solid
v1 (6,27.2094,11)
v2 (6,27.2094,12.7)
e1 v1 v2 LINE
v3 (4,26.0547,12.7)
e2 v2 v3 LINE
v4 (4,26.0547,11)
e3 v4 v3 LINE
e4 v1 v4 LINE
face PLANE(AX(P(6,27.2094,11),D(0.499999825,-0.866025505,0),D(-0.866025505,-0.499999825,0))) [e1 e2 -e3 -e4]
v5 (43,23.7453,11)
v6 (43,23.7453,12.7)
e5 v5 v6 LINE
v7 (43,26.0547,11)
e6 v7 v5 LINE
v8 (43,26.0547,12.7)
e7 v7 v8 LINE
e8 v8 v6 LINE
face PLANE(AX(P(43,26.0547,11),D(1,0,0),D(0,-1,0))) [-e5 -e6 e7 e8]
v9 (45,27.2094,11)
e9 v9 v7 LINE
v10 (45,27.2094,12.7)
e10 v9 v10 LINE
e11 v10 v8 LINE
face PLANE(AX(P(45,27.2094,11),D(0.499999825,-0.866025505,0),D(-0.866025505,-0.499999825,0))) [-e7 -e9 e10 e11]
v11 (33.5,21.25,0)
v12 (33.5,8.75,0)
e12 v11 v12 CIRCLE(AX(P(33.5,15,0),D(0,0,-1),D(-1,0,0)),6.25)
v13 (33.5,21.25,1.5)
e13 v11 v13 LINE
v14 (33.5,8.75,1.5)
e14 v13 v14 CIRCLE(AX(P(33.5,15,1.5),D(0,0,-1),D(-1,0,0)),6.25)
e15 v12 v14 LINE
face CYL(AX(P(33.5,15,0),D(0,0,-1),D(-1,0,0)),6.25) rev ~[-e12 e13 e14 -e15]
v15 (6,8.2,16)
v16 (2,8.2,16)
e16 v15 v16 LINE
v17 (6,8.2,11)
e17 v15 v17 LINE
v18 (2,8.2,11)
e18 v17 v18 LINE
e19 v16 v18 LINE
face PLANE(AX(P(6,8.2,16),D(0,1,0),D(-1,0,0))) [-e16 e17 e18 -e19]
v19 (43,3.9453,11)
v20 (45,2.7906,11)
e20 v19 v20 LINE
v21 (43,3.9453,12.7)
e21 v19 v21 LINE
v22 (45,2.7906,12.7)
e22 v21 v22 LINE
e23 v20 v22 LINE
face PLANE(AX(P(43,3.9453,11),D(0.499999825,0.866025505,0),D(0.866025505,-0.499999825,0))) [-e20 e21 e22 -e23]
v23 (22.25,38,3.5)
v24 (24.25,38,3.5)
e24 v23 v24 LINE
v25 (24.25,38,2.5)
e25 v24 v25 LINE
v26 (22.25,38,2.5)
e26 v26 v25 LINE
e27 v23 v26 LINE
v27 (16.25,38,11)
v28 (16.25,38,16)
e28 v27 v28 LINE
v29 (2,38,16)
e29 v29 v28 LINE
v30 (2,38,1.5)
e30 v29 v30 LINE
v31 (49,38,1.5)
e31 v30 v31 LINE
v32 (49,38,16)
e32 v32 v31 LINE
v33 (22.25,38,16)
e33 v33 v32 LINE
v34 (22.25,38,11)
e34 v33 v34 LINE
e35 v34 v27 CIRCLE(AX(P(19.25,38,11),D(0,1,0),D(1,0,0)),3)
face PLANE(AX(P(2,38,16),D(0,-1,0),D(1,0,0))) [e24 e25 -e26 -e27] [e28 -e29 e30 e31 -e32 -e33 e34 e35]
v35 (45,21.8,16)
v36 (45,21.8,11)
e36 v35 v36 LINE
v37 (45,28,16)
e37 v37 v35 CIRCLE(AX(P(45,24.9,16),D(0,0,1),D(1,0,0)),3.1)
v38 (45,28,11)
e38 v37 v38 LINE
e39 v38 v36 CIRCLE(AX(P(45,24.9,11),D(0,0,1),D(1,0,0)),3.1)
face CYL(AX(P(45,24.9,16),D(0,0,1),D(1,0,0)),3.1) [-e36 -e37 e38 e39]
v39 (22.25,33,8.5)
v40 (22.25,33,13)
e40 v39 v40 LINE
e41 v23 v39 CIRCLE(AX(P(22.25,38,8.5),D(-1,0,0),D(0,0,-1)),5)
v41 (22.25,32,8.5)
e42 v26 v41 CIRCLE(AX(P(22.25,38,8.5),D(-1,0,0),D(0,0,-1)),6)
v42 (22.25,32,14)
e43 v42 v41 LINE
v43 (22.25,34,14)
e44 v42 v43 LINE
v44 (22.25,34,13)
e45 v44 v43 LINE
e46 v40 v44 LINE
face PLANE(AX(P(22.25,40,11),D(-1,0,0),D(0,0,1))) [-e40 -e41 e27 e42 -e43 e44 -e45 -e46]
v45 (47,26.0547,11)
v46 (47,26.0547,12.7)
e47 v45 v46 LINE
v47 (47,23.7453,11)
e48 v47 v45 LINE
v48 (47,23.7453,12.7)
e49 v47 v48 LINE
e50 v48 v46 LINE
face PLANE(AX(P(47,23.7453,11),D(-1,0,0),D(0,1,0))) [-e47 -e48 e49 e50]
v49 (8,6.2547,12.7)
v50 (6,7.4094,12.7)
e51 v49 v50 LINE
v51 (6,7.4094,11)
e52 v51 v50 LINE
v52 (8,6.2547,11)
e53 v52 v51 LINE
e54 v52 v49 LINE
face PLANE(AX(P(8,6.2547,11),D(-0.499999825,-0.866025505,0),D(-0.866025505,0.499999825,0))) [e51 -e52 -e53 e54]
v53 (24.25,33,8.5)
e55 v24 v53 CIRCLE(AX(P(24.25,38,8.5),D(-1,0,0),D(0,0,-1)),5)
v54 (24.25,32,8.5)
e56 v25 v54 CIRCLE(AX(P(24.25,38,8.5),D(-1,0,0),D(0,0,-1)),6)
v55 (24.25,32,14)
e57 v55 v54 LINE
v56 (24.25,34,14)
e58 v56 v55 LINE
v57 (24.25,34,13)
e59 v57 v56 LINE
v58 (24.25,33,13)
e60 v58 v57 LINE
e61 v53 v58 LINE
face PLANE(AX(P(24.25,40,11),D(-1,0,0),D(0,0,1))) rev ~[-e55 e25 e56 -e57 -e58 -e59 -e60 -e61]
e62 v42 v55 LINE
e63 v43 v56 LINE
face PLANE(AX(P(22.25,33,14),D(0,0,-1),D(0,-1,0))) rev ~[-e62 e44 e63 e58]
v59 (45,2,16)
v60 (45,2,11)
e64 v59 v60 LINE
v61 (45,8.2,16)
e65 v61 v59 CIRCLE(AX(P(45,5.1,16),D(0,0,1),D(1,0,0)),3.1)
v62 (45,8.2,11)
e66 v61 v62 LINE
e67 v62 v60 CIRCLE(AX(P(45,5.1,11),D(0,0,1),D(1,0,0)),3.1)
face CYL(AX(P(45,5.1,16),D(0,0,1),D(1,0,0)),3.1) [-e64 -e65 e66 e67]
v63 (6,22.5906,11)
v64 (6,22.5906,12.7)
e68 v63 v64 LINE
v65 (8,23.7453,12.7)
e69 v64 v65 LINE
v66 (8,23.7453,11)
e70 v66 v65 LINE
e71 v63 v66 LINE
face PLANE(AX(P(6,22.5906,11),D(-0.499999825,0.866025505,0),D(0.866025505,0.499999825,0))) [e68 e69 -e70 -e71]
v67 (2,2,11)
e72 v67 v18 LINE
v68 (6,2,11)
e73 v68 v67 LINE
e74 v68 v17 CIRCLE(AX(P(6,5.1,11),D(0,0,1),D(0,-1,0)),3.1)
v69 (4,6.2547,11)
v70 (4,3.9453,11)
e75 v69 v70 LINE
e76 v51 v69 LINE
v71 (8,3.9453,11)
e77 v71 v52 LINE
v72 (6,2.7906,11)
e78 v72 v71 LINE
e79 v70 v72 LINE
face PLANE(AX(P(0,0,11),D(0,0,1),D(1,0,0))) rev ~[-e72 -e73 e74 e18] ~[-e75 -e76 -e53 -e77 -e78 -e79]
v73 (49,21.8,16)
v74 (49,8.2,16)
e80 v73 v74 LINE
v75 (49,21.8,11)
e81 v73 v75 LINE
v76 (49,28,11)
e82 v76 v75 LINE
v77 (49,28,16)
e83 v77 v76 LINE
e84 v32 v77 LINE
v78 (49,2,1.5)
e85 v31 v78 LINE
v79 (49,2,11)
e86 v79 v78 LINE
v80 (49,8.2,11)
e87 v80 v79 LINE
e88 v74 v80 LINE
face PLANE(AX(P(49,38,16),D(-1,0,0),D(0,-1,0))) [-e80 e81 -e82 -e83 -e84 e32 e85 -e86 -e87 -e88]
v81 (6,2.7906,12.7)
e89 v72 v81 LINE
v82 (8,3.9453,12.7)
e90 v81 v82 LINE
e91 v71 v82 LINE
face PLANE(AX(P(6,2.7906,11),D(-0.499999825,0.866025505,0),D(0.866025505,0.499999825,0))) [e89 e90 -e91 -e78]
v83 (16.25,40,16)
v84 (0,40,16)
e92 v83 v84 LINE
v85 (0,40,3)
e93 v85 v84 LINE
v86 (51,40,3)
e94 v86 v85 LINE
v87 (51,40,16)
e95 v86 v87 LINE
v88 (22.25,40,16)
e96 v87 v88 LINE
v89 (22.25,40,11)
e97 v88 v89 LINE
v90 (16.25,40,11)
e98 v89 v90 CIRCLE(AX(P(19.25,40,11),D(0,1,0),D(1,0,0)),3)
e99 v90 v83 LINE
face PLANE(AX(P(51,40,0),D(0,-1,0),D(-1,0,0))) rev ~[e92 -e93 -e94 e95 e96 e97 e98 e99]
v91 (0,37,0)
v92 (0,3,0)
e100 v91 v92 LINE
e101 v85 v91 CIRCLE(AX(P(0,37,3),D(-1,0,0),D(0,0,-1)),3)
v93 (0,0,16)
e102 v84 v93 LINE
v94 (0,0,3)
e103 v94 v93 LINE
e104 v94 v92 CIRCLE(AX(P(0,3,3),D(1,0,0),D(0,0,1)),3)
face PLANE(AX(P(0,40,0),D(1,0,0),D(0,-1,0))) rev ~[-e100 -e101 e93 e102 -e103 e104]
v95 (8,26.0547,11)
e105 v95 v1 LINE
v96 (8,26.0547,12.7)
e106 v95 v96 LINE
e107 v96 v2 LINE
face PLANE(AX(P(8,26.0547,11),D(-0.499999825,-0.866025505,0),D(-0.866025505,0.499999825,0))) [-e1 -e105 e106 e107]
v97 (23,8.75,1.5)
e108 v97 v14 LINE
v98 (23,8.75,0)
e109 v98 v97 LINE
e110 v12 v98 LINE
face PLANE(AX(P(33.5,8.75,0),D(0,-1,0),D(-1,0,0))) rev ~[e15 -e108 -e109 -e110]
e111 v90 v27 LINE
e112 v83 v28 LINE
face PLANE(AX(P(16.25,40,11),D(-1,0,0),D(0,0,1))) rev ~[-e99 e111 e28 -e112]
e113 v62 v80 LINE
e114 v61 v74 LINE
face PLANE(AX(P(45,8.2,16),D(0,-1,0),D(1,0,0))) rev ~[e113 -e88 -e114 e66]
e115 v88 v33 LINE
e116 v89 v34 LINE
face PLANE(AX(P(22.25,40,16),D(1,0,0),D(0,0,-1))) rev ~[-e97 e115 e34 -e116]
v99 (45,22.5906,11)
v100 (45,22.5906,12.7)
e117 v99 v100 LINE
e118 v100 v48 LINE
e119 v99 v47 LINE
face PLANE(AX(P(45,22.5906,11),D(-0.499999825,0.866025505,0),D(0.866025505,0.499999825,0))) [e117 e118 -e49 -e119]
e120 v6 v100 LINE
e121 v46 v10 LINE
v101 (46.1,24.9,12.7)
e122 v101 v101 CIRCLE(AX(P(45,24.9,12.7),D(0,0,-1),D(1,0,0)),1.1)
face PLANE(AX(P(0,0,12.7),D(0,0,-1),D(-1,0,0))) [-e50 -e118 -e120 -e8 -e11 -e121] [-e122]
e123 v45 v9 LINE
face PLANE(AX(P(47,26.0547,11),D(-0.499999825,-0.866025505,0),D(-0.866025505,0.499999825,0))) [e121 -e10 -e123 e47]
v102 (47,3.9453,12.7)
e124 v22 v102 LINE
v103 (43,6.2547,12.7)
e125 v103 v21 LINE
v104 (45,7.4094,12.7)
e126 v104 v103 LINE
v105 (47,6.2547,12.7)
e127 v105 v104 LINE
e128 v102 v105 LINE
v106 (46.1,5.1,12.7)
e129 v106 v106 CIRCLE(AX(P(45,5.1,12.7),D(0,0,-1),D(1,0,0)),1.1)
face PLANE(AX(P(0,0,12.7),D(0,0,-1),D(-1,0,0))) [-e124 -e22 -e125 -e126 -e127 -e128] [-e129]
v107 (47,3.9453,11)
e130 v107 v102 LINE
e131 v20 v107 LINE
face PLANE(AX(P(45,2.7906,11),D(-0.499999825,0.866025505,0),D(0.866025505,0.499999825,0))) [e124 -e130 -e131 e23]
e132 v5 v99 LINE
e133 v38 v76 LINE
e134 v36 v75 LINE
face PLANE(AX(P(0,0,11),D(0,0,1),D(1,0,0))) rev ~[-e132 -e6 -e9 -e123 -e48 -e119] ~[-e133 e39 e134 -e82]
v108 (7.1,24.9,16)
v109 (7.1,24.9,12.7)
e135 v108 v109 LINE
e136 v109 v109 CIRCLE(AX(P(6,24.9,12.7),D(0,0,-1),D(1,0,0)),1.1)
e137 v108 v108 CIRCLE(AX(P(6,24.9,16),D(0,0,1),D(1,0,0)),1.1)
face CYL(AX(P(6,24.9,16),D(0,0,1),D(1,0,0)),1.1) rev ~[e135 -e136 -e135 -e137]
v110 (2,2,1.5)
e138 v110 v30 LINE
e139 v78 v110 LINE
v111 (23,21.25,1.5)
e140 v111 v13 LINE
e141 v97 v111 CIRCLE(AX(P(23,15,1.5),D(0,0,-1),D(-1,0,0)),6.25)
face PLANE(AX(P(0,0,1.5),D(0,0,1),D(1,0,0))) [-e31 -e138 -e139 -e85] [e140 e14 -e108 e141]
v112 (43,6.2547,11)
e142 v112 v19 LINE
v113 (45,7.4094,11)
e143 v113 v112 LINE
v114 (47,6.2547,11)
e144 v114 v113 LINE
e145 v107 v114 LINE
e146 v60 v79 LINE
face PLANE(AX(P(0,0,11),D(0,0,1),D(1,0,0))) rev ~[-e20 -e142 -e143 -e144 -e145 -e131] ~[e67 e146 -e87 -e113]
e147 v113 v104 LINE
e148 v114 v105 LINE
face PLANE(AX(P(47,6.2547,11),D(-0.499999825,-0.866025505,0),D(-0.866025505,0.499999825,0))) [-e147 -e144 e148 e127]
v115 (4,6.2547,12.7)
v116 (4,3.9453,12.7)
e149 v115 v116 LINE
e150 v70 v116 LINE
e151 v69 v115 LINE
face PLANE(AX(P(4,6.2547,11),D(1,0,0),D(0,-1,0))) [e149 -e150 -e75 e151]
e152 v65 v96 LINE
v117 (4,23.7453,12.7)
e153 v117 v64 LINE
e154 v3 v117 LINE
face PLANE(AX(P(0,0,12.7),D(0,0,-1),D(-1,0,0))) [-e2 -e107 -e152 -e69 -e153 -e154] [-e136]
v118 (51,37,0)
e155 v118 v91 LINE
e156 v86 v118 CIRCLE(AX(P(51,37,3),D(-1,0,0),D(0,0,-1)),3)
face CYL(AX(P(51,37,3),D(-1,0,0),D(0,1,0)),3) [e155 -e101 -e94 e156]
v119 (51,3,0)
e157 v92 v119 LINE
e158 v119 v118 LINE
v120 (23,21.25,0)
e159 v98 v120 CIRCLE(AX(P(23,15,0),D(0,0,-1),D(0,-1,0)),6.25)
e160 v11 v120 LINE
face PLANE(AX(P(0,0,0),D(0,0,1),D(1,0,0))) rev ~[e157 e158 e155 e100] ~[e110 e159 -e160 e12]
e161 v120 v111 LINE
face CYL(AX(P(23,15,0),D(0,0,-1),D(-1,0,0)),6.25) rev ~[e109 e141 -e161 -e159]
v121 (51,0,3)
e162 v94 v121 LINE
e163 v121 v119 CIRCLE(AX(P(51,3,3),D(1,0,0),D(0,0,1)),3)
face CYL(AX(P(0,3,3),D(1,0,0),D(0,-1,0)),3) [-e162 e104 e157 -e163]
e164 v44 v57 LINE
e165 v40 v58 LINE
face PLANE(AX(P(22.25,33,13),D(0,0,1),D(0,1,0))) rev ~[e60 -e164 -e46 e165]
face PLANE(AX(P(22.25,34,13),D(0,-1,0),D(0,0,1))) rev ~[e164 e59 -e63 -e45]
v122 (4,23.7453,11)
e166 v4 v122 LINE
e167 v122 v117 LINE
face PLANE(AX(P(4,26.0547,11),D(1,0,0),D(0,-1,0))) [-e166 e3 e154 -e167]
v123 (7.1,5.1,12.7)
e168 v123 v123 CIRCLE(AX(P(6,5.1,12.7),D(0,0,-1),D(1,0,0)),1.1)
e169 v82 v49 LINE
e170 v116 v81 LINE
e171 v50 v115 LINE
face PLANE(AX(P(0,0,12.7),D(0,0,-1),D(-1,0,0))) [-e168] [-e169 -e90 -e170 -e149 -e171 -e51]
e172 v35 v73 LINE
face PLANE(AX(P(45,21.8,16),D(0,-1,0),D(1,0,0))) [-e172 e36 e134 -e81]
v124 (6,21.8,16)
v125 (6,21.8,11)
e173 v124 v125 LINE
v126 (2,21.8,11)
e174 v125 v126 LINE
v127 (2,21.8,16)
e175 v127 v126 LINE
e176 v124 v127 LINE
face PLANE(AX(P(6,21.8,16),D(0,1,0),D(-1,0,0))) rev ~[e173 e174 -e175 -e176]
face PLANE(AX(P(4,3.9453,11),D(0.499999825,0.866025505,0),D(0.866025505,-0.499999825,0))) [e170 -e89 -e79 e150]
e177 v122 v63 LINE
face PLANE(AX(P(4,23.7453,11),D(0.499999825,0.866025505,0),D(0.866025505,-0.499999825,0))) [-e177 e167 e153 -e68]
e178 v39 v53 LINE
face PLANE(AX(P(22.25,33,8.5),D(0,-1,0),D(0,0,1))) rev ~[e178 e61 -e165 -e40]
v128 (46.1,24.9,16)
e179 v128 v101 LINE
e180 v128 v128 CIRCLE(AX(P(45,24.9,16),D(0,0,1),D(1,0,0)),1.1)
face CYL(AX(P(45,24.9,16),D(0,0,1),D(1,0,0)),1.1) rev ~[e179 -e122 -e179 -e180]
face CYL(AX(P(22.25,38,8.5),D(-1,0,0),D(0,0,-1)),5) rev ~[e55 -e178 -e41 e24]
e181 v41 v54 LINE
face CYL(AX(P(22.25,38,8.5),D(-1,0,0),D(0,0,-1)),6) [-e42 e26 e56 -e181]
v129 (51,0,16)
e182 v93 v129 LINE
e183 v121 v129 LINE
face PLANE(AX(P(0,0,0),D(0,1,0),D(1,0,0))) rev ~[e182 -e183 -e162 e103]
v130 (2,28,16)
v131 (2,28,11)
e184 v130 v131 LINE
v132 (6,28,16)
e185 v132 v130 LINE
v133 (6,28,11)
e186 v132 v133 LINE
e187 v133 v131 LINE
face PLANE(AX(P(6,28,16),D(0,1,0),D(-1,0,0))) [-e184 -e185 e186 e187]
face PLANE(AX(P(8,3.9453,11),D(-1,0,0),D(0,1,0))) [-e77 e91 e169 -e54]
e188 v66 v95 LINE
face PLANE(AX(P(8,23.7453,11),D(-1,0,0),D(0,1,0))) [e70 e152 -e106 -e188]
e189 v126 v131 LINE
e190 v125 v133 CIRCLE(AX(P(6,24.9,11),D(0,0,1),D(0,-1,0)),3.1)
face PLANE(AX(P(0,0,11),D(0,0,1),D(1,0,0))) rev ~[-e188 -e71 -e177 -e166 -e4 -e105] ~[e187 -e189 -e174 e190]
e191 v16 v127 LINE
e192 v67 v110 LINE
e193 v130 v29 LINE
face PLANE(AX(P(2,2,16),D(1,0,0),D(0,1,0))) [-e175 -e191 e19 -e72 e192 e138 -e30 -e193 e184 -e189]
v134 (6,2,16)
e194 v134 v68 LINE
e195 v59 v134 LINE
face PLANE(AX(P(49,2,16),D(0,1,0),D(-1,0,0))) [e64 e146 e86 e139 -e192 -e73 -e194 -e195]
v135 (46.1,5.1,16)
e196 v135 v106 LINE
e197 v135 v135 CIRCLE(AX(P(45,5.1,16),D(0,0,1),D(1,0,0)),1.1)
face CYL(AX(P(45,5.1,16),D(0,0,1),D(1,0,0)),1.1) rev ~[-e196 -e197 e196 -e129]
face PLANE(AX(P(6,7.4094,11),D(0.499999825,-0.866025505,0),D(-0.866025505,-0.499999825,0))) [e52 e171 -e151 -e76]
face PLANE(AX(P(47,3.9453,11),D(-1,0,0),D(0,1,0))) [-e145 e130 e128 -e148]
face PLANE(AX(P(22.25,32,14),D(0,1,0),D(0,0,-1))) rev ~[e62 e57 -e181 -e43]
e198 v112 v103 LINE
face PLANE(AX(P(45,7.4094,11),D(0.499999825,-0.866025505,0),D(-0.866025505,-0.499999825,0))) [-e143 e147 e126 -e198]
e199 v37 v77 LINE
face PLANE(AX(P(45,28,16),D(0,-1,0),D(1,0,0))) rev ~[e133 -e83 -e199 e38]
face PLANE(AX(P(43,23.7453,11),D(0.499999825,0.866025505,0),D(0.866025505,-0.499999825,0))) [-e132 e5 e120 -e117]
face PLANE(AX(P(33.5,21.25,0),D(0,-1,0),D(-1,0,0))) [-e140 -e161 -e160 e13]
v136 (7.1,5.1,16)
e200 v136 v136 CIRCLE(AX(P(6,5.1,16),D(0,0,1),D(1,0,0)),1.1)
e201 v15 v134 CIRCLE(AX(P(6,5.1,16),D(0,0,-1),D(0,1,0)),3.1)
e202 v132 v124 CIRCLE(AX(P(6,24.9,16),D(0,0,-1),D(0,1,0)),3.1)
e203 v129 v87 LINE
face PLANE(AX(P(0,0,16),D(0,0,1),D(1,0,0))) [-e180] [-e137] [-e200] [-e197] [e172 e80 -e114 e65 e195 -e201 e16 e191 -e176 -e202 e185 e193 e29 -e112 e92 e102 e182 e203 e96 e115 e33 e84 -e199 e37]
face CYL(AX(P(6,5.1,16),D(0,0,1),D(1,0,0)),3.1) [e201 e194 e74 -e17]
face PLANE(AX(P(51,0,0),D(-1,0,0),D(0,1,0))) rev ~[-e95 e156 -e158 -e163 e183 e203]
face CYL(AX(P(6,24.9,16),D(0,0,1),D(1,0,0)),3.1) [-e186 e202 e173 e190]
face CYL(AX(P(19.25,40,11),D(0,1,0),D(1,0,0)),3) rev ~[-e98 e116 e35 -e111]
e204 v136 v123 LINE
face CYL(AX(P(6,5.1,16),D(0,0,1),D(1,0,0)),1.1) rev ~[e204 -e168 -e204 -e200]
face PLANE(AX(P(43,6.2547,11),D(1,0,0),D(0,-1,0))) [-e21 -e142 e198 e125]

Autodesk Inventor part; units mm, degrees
sketch "Sketch1" plane through (0, 0, 0) normal (0, 0, 1) x (1, 0, 0)
  line L0 (0, 0) -> (51, 0)
  line L1 (51, 0) -> (51, 40)
  line L2 (51, 40) -> (0, 40)
  line L3 (0, 40) -> (0, 0)
  dimension "d0" = 40
  dimension "d1" = 51
extrude "Extrusion1" add sketch "Sketch1" along normal blind 16
sketch "Sketch2" plane through (0, 0, 16) normal (0, 0, 1) x (1, 0, 0)
  line L0 (2, 38) -> (49, 38)
  line L1 (49, 38) -> (49, 2)
  line L2 (49, 2) -> (2, 2)
  line L3 (2, 2) -> (2, 38)
  line L4 (51, 40) -> (0, 40) projected
  line L5 (0, 40) -> (0, 0) projected
  line L6 (51, 0) -> (51, 40) projected
  line L7 (0, 0) -> (51, 0) projected
  dimension "d4" = 2
  dimension "d5" = 2
  dimension "d6" = 2
  dimension "d7" = 2
extrude "Extrusion2" cut sketch "Sketch2" against normal blind 14.5 contours L0 L1 L2 L3
fillet "Fillet1" radius 3 2 edges at (25.5, 40, 0) (25.5, 0, 0)
sketch "Sketch3" plane through (0, 0, 0) normal (0, 0, -1) x (-1, 0, 0)
  line L0 (-51, 3) -> (-51, 37) projected
  line L1 (0, 37) -> (0, 3) projected
  line L2 (-51, 37) -> (0, 37) projected
  line L3 (0, 3) -> (-51, 3) projected
  circle A0 centre (-33.5, 15) radius 6.25
  circle A1 centre (-23, 15) radius 6.25
  line L4 (-33.5, 21.25) -> (-23, 21.25)
  line L5 (-33.5, 8.75) -> (-23, 8.75)
  line L6 (0, 40) -> (-51, 40) projected
  point P0 (0, 0)
  point P1 (-28.25, 21.25)
  dimension "d49" = 12.5
  dimension "d51" = 10.5
  dimension "d52" = 12.5
  dimension "d54" = 17.5
  dimension "d55" = 22.75
  dimension "d58" = 25
extrude "Extrusion3" cut sketch "Sketch3" against normal blind 14 contours A0 A1 | L4 A1 A0 | A0 A1 L5 | A1 A0 | A0 A1
sketch "Sketch4" plane through (0, 40, 16) normal (0, 1, 0) x (1, 0, 0)
  line L0 (35.25, 0) -> (21.25, 0)
  line L1 (21.25, 0) -> (21.25, 8)
  line L2 (21.25, 8) -> (35.25, 8)
  line L3 (35.25, 8) -> (35.25, 0)
  line L4 (51, 0) -> (0, 0) projected
  line L5 (0, 13) -> (0, 0) projected
  line L6 (51, 13) -> (51, 0) projected
  point P0 (0, 16)
  dimension "d18" = 14
  dimension "d19" = 8
  dimension "d20" = 21.25
  dimension "d21" = 15.75
ref_plane "Work Plane1" through (0, 0, 16) normal (0, 0, 1) x (1, 0, 0)
sketch "Sketch5" plane through (0, 0, 16) normal (0, 0, 1) x (1, 0, 0)
  circle A0 centre (6, 24.9) radius 3.1
  line L0 (49, 38) -> (49, 2) projected
  line L1 (6, 28) -> (2, 28)
  line L2 (6, 21.8) -> (2, 21.8)
  circle A1 centre (6, 24.9) radius 1.1
  line L3 (2, 2) -> (2, 38) projected
  line L4 (25.5, 34) -> (25.5, 3) construction
  line L5 (0, 3) -> (51, 3) construction
  line L6 (2, 2) -> (2, 38) construction
  line L7 (49, 38) -> (49, 2) construction
  circle A2 centre (6, 5.1) radius 3.1
  line L8 (6, 2) -> (2, 2)
  line L9 (6, 8.2) -> (2, 8.2)
  circle A3 centre (6, 5.1) radius 1.1
  line L10 (2, 38) -> (2, 2)
  line L11 (2, 38) -> (2, 2) construction
  circle A4 centre (45, 24.9) radius 3.1
  line L12 (45, 28) -> (49, 28)
  line L13 (45, 21.8) -> (49, 21.8)
  circle A5 centre (45, 24.9) radius 1.1
  line L14 (49, 2) -> (49, 38)
  line L15 (51, 3) -> (0, 3) construction
  line L16 (49, 2) -> (49, 38) construction
  line L17 (49, 38) -> (49, 2)
  line L18 (49, 38) -> (49, 2) construction
  line L19 (45, 8.2) -> (49, 8.2)
  circle A6 centre (45, 5.1) radius 3.1
  line L20 (45, 2) -> (49, 2)
  circle A7 centre (45, 5.1) radius 1.1
  line L21 (2, 38) -> (49, 38) projected
  line L22 (49, 2) -> (2, 2) projected
  point P0 (0, 0)
  point P1 (4, 28)
  point P2 (4, 2)
  point P3 (47, 28)
  point P4 (47, 2)
  point P5 (49, 8.2)
  point P6 (2, 2)
  point P7 (2, 8.2)
  point P8 (25.5, 38)
  dimension "d28" = 6.2
  dimension "d30" = 4
  dimension "d31" = 2.2
  dimension "d61" = 19.8
  dimension "d62" = 6.2
extrude "Extrusion5" add sketch "Sketch5" against normal blind 5 contours A0 | A0 L2 L3 L1 | L9 A2 L8 L3 | A2 | L0 L13 A4 L12 | A4 | A6 | A6 L19 L0 L20
sketch "Sketch6" plane through (0, 0, 11) normal (0, 0, -1) x (-1, 0, 0)
  circle A0 centre (-45, 24.9) radius 1.1 projected
  line L0 (-45, 22.5906) -> (-47, 23.7453)
  line L1 (-47, 23.7453) -> (-47, 26.0547)
  line L2 (-47, 26.0547) -> (-45, 27.2094)
  line L3 (-45, 27.2094) -> (-43, 26.0547)
  line L4 (-43, 26.0547) -> (-43, 23.7453)
  line L5 (-43, 23.7453) -> (-45, 22.5906)
  arc A1 (-6, 28) -> (-6, 21.8) centre (-6, 24.9) ccw projected
  line L6 (-6, 22.5906) -> (-8, 23.7453)
  line L7 (-8, 23.7453) -> (-8, 26.0547)
  line L8 (-8, 26.0547) -> (-6, 27.2094)
  line L9 (-6, 27.2094) -> (-4, 26.0547)
  line L10 (-4, 26.0547) -> (-4, 23.7453)
  line L11 (-4, 23.7453) -> (-6, 22.5906)
  circle A2 centre (-6, 5.1) radius 1.1 projected
  line L12 (-6, 2.7906) -> (-8, 3.9453)
  line L13 (-8, 3.9453) -> (-8, 6.2547)
  line L14 (-8, 6.2547) -> (-6, 7.4094)
  line L15 (-6, 7.4094) -> (-4, 6.2547)
  line L16 (-4, 6.2547) -> (-4, 3.9453)
  line L17 (-4, 3.9453) -> (-6, 2.7906)
  arc A3 (-45, 2) -> (-45, 8.2) centre (-45, 5.1) ccw projected
  line L18 (-45, 2.7906) -> (-47, 3.9453)
  line L19 (-47, 3.9453) -> (-47, 6.2547)
  line L20 (-47, 6.2547) -> (-45, 7.4094)
  line L21 (-45, 7.4094) -> (-43, 6.2547)
  line L22 (-43, 6.2547) -> (-43, 3.9453)
  line L23 (-43, 3.9453) -> (-45, 2.7906)
  circle A4 centre (-45, 5.1) radius 1.1 projected
  circle A5 centre (-6, 24.9) radius 1.1 projected
  point P0 (0, 0)
  point P1 (-6, 38)
  point P2 (-6, 5.1)
  point P3 (-45, 5.1)
  dimension "d45" = 4
extrude "Extrusion6" cut sketch "Sketch6" against normal blind 1.7
ref_plane "Work Plane2" through (22.25, 40, 4.75) normal (0, 0, 1) x (1, 0, 0)
sketch "Sketch10" plane through (0, 40, 16) normal (0, 1, 0) x (1, 0, 0)
  line L0 (45, 0) -> (6, 0) projected
  line L1 (16.25, 0) -> (22.25, 0)
  line L2 (22.25, 0) -> (22.25, 5)
  line L3 (22.25, 5) -> (16.25, 5)
  line L4 (16.25, 5) -> (16.25, 0)
  circle A0 centre (19.25, 5) radius 3
  line L5 (0, 13) -> (0, 0) projected
  point P0 (0, 16)
  point P1 (16.25, 5)
  point P2 (22.25, 0)
  dimension "d65" = 16.25
  dimension "d66" = 6
  dimension "d67" = 5
extrude "Extrusion9" cut sketch "Sketch10" against normal blind 2
ref_plane "Work Plane4" through (22.25, 40, 11) normal (-1, 0, 0) x (0, 0, 1)
sketch "Sketch12" plane through (22.25, 40, 11) normal (-1, 0, 0) x (0, 0, 1)
  line L0 (5, -2) -> (-9.5, -2) projected
  line L1 (-2.5, -7) -> (3, -7)
  line L2 (3, -7) -> (3, -8)
  arc A0 (-8.5, -2) -> (-2.5, -8) centre (-2.5, -2) ccw
  line L3 (3, -8) -> (-2.5, -8)
  arc A1 (-7.5, -2) -> (-2.5, -7) centre (-2.5, -2) ccw
  line L4 (3, -7) -> (2, -7)
  line L5 (2, -7) -> (2, -6)
  line L6 (2, -6) -> (3, -6)
  line L7 (3, -6) -> (3, -7)
  point P0 (-11, -40)
  point P1 (-3, -2)
  point P2 (3.5, -2)
  point P3 (2, -7)
  dimension "d73" = 1
  dimension "d74" = 5
  dimension "d77" = 1
  dimension "d78" = 1
  dimension "d79" = 1
  dimension "d80" = 4.5
  dimension "d81" = 5
extrude "Extrusion10" add sketch "Sketch12" against normal blind 2
properties part number "lidarhouse"
